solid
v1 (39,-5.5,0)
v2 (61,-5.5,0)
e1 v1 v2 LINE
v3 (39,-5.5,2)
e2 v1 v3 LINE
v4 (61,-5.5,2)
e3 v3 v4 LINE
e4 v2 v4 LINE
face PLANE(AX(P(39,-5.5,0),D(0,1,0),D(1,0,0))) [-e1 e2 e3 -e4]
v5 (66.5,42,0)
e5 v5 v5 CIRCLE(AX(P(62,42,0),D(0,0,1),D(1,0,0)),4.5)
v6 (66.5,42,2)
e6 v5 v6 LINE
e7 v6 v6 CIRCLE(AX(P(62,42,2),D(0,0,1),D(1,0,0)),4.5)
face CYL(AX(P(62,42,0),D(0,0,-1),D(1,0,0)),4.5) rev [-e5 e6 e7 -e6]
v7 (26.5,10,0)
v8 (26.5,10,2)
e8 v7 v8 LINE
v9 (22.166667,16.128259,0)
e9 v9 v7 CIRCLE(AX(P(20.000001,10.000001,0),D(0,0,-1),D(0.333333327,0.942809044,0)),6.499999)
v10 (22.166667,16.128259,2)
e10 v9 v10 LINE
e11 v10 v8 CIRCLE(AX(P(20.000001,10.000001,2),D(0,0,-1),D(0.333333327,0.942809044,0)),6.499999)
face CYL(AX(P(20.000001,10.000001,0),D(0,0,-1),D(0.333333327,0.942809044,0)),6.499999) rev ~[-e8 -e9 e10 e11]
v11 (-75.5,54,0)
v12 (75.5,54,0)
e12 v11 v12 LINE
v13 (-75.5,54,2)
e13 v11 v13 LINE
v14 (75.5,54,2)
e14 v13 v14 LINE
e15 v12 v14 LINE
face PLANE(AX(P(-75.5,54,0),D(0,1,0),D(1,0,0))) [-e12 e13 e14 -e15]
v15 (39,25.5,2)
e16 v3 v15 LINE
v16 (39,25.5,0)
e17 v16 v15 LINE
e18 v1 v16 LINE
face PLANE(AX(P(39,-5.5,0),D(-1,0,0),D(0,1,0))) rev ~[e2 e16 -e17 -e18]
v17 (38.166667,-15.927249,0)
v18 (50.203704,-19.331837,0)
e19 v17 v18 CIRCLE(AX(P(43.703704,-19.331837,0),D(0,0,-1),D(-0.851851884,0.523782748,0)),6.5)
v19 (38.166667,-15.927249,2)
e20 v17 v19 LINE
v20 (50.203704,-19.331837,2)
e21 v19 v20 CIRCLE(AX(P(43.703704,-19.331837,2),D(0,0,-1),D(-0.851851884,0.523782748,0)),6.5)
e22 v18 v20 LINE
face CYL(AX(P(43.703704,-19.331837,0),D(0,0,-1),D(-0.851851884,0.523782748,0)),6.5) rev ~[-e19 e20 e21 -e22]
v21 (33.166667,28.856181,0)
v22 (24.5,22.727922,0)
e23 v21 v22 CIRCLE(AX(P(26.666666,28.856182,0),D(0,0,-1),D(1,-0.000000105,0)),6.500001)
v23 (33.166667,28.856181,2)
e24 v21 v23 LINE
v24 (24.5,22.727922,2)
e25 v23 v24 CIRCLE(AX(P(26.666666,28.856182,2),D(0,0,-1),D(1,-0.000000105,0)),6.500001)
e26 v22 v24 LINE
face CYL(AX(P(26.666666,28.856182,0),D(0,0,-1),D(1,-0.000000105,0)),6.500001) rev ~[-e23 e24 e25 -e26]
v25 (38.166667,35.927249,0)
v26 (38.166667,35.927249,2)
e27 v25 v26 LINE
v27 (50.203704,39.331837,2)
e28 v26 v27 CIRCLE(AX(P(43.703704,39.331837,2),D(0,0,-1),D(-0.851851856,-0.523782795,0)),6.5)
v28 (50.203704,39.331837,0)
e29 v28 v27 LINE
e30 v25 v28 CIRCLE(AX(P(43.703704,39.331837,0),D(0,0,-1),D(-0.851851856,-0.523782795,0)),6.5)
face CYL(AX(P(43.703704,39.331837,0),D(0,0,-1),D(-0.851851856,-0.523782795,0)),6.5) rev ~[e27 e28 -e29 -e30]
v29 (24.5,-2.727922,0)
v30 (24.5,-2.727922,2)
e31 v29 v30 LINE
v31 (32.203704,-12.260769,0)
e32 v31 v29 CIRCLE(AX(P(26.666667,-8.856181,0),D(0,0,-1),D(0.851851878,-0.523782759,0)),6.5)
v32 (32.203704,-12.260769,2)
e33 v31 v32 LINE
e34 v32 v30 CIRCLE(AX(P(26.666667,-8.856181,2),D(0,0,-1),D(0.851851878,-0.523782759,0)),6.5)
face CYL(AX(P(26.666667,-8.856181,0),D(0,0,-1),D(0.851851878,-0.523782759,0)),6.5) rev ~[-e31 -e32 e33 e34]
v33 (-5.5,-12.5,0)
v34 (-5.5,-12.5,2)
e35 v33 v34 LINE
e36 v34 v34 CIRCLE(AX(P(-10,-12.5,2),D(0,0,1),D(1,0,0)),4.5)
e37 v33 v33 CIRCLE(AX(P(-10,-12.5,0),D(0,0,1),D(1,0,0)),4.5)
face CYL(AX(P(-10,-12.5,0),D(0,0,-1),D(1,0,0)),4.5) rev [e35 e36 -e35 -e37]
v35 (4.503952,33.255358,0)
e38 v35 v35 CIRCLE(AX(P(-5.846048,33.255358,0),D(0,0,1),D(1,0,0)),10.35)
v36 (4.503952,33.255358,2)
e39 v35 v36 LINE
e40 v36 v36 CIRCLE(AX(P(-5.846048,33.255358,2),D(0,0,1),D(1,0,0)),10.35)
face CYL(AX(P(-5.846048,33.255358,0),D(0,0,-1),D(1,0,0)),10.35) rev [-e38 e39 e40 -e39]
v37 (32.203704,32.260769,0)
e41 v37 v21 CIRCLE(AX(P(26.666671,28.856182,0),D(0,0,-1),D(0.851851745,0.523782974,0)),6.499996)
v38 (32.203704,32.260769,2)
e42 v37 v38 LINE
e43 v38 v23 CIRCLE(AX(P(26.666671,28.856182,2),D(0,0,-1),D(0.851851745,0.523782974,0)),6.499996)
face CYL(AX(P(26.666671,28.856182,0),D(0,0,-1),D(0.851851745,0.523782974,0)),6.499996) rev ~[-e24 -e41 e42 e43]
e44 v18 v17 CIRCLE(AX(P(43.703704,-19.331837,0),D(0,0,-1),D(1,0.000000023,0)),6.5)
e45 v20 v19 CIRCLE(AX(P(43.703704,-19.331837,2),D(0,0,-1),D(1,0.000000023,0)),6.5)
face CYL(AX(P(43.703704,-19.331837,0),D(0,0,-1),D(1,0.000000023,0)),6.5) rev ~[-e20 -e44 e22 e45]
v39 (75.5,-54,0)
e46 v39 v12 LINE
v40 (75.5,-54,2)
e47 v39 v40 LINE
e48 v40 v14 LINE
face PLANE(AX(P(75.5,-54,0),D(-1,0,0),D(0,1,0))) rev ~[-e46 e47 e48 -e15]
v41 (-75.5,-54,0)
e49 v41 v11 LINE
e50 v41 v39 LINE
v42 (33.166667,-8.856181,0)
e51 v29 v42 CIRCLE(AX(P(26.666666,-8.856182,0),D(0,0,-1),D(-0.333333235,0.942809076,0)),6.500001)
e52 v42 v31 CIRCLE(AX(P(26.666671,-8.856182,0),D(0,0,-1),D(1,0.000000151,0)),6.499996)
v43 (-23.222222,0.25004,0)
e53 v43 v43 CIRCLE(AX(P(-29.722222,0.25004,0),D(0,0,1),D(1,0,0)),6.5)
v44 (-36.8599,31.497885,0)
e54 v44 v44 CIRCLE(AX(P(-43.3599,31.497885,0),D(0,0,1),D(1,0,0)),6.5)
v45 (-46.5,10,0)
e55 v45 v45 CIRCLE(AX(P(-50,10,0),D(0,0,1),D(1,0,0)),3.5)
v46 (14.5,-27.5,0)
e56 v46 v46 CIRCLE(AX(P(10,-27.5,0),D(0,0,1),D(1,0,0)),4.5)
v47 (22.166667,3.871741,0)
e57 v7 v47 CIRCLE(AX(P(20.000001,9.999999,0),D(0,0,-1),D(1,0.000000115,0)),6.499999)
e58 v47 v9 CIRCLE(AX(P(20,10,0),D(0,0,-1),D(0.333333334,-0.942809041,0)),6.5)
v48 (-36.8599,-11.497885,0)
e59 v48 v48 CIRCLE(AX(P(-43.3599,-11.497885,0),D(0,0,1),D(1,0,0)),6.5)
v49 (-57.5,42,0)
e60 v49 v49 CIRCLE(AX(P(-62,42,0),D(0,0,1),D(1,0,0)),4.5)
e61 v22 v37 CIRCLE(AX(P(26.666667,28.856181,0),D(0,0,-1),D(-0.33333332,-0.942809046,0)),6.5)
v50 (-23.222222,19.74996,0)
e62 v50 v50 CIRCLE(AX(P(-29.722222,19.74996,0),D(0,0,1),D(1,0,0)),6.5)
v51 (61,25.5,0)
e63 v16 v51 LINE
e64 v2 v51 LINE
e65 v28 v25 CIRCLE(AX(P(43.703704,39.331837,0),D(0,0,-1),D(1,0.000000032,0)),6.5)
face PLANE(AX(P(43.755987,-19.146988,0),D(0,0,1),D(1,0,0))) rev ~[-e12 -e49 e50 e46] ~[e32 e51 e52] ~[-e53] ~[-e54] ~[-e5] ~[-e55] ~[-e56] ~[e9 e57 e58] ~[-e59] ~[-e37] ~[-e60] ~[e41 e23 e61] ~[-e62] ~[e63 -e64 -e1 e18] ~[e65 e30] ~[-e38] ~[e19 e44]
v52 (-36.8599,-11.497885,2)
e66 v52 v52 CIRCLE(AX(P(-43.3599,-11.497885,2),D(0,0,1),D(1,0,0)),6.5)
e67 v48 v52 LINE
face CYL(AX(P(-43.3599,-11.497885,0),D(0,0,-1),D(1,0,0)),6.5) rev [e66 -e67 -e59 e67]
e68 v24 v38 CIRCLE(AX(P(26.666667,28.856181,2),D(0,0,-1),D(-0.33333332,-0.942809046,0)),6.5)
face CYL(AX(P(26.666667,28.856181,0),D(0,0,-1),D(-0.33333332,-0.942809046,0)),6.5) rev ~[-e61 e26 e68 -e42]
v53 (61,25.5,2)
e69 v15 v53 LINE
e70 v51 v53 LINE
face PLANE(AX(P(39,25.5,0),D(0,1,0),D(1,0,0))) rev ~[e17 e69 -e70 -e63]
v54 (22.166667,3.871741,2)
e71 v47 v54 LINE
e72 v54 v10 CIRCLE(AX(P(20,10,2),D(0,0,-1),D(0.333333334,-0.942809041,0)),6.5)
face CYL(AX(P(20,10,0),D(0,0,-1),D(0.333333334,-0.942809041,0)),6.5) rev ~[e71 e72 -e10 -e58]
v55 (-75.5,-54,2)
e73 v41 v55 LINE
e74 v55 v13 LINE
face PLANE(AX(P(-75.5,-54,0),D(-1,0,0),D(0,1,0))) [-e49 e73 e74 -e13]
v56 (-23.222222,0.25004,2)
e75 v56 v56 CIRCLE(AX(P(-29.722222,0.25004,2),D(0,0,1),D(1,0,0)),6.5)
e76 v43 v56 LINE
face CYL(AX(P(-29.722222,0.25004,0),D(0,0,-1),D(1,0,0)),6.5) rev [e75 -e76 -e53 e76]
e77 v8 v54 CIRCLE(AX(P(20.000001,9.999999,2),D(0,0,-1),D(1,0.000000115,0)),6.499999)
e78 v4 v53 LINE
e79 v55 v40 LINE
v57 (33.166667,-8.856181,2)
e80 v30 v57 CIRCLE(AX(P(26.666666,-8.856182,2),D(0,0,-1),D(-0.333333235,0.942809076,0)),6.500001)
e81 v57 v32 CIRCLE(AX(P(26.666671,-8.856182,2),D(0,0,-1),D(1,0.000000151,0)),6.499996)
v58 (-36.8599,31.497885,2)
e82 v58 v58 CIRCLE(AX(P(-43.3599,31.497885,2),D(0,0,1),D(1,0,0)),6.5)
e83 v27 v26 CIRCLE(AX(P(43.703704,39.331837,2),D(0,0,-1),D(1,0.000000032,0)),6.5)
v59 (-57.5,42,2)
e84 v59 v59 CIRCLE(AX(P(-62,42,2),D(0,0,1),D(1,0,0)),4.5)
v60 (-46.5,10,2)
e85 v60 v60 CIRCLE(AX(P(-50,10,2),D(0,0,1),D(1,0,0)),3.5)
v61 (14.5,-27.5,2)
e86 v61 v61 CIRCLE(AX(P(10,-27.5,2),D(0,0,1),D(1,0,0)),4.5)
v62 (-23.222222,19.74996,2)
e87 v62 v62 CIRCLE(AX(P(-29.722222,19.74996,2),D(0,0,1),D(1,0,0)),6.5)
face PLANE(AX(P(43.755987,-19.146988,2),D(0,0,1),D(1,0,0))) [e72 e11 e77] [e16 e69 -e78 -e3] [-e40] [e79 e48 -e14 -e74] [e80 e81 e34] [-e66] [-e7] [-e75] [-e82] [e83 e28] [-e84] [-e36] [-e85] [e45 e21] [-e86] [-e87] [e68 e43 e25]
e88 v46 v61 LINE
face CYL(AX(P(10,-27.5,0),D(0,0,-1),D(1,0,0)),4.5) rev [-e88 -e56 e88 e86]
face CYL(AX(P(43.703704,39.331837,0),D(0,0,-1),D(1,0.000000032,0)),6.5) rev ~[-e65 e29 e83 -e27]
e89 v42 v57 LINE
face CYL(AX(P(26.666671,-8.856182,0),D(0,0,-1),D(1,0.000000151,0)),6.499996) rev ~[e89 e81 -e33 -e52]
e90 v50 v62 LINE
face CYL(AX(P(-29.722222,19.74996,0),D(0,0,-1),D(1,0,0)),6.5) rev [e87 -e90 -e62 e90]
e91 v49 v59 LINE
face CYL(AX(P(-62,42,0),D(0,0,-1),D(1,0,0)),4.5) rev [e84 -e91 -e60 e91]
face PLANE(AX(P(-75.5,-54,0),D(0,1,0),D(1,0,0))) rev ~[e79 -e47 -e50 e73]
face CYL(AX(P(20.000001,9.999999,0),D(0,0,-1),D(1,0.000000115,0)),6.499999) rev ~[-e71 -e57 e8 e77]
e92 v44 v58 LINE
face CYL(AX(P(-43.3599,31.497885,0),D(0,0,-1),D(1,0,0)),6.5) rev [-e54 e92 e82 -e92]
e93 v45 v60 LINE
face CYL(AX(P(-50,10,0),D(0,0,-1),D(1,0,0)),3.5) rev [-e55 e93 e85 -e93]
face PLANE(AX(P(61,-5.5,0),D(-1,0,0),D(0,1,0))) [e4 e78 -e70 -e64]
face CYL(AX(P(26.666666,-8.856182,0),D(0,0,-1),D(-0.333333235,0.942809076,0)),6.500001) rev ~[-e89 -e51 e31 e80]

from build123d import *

# Parameters (mm, degrees)
F0_W     = 151
F0_H     = 108
F0_R     = 6.5
F0_R_2   = 4.5
F0_R_3   = 3.5
F0_R_4   = 10.35
F0_W_2   = 22
F0_H_2   = 31
F1_DEPTH = 2


with BuildPart() as f1:
    # F0 (on Top) → F1 (new body)
    with BuildSketch(Plane.XY):
        with BuildLine():
            ThreePointArc((50.203704, -19.331837), (45.47278, -13.077209), (38.166667, -15.927249))
            ThreePointArc((38.166667, -15.927249), (41.934628, -25.586465), (50.203704, -19.331837))
        make_face()
        with BuildLine():
            ThreePointArc((50.203704, 39.331837), (41.934628, 45.586465), (38.166667, 35.927249))
            ThreePointArc((38.166667, 35.927249), (45.47278, 33.077209), (50.203704, 39.331837))
        make_face()
        Rectangle(F0_W, F0_H)
        with Locations((-43.3599, -11.497885)):
            Circle(F0_R, mode=Mode.SUBTRACT)
        with Locations((-10, -12.5)):
            Circle(F0_R_2, mode=Mode.SUBTRACT)
        with Locations((10, -27.5)):
            Circle(F0_R_2, mode=Mode.SUBTRACT)
        with BuildLine():
            ThreePointArc((32.203704, -12.260769), (21.611111, -12.941687), (24.5, -2.727922))
            ThreePointArc((24.5, -2.727922), (30.419443, -3.548953), (33.166667, -8.856181))
            ThreePointArc((33.166667, -8.856181), (32.921295, -10.625257), (32.203704, -12.260769))
        make_face(mode=Mode.SUBTRACT)
        with BuildLine():
            ThreePointArc((50.203704, -19.331837), (41.934628, -25.586465), (38.166667, -15.927249))
            ThreePointArc((38.166667, -15.927249), (45.47278, -13.077209), (50.203704, -19.331837))
        make_face(mode=Mode.SUBTRACT)
        with Locations((-50, 10)):
            Circle(F0_R_3, mode=Mode.SUBTRACT)
        with Locations((-29.722222, 0.25004)):
            Circle(F0_R, mode=Mode.SUBTRACT)
        with Locations((-29.722222, 19.74996)):
            Circle(F0_R, mode=Mode.SUBTRACT)
        with Locations((-43.3599, 31.497885)):
            Circle(F0_R, mode=Mode.SUBTRACT)
        with Locations((-62, 42)):
            Circle(F0_R_2, mode=Mode.SUBTRACT)
        with Locations((-5.846048, 33.255358)):
            Circle(F0_R_4, mode=Mode.SUBTRACT)
        with BuildLine():
            ThreePointArc((22.166667, 16.128259), (25.307228, 13.752777), (26.5, 10))
            ThreePointArc((26.5, 10), (25.307228, 6.247223), (22.166667, 3.871741))
            ThreePointArc((22.166667, 3.871741), (13.5, 10), (22.166667, 16.128259))
        make_face(mode=Mode.SUBTRACT)
        with Locations((50, 10)):
            Rectangle(F0_W_2, F0_H_2, mode=Mode.SUBTRACT)
        with BuildLine():
            ThreePointArc((33.166667, 28.856181), (30.419443, 23.548953), (24.5, 22.727922))
            ThreePointArc((24.5, 22.727922), (21.611111, 32.941687), (32.203704, 32.260769))
            ThreePointArc((32.203704, 32.260769), (32.921295, 30.625257), (33.166667, 28.856181))
        make_face(mode=Mode.SUBTRACT)
        with BuildLine():
            ThreePointArc((50.203704, 39.331837), (45.47278, 33.077209), (38.166667, 35.927249))
            ThreePointArc((38.166667, 35.927249), (41.934628, 45.586465), (50.203704, 39.331837))
        make_face(mode=Mode.SUBTRACT)
        with Locations((62, 42)):
            Circle(F0_R_2, mode=Mode.SUBTRACT)
    extrude(amount=F1_DEPTH)


solid = f1.part
